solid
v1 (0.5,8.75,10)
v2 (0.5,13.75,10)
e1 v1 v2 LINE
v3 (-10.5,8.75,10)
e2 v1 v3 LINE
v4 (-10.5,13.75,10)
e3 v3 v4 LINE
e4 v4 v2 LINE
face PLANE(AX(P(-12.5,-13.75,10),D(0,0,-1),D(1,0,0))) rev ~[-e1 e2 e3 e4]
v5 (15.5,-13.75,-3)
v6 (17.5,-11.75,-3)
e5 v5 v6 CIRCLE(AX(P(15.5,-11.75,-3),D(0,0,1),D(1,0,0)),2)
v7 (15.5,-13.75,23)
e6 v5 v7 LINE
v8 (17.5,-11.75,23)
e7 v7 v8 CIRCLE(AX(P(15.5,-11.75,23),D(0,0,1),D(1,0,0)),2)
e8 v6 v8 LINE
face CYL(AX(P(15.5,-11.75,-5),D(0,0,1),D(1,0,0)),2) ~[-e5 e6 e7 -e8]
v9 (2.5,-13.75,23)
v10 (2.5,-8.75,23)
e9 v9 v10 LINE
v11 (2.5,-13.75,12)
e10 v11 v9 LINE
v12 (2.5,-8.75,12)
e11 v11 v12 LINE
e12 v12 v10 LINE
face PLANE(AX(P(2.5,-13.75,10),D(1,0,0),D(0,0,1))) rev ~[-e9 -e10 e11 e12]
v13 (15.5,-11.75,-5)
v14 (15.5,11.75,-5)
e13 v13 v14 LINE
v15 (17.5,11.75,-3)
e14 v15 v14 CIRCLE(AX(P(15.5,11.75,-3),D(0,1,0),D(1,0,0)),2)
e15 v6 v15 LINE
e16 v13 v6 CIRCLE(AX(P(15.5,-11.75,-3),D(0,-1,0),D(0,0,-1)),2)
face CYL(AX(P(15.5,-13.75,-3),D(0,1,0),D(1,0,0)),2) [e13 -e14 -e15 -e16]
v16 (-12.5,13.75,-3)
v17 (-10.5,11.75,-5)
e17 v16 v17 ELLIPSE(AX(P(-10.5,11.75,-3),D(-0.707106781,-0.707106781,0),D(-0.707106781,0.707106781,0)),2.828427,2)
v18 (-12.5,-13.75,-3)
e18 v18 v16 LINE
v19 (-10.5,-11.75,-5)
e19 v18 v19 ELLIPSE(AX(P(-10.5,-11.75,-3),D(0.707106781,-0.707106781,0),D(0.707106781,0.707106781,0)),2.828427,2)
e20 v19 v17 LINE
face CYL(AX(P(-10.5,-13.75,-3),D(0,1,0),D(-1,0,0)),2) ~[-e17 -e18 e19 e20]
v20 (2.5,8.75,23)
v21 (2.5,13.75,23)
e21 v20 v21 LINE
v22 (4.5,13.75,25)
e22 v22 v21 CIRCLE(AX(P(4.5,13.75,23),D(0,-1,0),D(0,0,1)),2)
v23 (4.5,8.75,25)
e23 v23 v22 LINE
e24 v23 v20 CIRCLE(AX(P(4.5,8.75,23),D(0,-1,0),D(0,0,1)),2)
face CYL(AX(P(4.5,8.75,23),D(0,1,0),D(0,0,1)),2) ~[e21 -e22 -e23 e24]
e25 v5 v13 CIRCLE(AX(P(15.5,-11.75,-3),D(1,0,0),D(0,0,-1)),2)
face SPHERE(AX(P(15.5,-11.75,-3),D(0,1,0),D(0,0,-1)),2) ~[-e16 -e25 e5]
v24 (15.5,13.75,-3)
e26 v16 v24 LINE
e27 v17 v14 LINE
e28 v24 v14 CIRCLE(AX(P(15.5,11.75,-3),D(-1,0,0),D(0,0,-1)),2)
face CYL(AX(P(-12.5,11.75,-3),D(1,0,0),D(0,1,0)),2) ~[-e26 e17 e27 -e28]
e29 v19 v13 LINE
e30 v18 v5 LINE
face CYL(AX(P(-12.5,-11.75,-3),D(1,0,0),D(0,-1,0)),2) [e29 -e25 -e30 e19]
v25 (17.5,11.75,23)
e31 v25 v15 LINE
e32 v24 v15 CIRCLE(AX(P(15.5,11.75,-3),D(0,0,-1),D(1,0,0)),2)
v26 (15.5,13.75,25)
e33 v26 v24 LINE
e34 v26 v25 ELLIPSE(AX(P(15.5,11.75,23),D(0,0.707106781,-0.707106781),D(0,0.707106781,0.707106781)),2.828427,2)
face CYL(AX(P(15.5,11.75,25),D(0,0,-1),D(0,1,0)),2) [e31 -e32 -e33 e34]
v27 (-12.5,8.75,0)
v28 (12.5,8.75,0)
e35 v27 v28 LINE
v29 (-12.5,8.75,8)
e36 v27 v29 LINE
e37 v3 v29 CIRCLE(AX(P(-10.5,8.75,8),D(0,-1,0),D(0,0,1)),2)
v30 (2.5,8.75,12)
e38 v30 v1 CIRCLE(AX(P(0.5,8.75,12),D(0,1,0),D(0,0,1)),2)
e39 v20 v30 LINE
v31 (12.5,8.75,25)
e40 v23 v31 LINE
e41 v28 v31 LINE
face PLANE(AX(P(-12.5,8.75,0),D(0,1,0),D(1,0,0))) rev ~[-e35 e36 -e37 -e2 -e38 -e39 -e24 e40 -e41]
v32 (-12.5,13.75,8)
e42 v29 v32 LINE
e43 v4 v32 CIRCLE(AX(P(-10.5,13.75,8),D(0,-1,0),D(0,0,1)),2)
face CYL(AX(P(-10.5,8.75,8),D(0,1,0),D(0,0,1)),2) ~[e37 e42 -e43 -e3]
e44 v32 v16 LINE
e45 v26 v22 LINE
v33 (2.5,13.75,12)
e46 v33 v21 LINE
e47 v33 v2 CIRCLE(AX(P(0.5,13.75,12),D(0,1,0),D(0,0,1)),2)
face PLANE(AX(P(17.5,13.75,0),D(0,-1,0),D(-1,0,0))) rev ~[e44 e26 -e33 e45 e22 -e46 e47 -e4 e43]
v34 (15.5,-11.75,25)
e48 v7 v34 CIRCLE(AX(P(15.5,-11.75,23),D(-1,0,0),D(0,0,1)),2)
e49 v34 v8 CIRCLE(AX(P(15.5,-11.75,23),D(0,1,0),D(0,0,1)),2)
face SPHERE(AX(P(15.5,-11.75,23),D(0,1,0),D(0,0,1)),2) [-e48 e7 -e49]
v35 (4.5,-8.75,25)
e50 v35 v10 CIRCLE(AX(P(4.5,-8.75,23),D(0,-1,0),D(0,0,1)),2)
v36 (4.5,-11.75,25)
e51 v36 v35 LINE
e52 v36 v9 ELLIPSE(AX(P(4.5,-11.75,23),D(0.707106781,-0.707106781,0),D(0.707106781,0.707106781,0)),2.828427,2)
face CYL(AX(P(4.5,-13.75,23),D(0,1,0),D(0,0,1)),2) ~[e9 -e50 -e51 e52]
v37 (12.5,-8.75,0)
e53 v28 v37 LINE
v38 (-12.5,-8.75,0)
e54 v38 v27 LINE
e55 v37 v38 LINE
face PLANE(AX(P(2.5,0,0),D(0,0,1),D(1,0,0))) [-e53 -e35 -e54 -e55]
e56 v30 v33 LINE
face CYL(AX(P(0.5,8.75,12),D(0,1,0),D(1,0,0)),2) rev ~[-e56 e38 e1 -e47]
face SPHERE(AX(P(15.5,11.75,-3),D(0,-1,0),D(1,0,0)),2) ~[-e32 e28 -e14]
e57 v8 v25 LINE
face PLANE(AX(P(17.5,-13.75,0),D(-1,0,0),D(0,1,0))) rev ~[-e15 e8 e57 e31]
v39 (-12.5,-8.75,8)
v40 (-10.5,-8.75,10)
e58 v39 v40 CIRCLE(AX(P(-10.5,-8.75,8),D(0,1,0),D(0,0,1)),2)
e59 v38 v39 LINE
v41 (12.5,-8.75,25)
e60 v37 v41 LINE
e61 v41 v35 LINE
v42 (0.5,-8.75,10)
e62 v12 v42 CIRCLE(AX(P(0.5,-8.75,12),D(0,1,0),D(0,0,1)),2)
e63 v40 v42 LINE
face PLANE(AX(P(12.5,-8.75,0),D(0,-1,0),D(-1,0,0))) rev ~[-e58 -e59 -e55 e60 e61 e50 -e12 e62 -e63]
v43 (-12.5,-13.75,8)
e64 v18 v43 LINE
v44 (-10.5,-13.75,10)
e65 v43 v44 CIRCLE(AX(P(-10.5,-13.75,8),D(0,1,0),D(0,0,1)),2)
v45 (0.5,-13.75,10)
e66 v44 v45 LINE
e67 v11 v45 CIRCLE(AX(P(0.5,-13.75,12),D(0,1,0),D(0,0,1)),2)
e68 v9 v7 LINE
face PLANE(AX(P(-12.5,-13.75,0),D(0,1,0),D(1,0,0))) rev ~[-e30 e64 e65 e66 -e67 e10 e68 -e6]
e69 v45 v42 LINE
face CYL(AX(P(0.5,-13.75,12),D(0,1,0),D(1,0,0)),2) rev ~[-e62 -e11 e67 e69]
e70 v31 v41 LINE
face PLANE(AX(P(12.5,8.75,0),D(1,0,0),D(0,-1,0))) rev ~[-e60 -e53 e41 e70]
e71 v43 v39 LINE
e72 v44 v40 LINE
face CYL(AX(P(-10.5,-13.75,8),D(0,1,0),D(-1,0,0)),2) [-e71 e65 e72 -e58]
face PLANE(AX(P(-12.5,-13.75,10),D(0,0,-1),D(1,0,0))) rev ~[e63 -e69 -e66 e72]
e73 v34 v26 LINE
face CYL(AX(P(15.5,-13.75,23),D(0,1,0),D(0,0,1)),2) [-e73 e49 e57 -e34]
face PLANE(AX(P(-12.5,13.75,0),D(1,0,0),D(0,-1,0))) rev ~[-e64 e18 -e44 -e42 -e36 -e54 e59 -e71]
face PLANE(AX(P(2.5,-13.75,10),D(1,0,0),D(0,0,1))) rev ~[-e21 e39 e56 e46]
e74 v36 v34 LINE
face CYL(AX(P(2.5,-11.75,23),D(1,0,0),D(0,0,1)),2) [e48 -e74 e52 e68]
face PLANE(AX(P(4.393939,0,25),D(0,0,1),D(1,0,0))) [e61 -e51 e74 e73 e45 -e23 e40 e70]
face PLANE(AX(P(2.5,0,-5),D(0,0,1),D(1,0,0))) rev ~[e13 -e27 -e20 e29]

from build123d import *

# Parameters (mm, degrees)
SKETCH_W     = 30
SKETCH_H     = 27.5
PAD_DEPTH    = 5
PAD001_DEPTH = 25
SKETCH002_W  = 15
SKETCH002_H  = 15
POCKET_DEPTH = 27.5
FILLET_R     = 2


with BuildPart() as part:
    # Sketch → Pad (new body)
    with BuildSketch(Plane.XY):
        with Locations((2.5, 0)):
            Rectangle(SKETCH_W, SKETCH_H)
    extrude(amount=-PAD_DEPTH)

    # Sketch001 → Pad001 (join)
    with BuildSketch(Plane.XY):
        Polygon((-12.5, 8.75), (12.5, 8.75), (12.5, -8.75), (-12.5, -8.75), (-12.5, -13.75), (17.5, -13.75), (17.5, 13.75), (-12.5, 13.75), align=None)
    extrude(amount=PAD001_DEPTH)

    # Sketch002 (on Face2 of Pad001) → Pocket (cut)
    with BuildSketch(Plane.XZ.offset(13.75)):
        with Locations((-5, 17.5)):
            Rectangle(SKETCH002_W, SKETCH002_H)
    extrude(amount=-POCKET_DEPTH, mode=Mode.SUBTRACT)

    # Fillet
    fillet_edges = [part.edges().sort_by_distance(p)[0] for p in [
        (2.5, 11.25, 25),
        (2.5, 11.25, 10),
        (-12.5, 11.25, 10),
        (2.5, -11.25, 25),
        (2.5, -11.25, 10),
        (-12.5, -11.25, 10),
        (17.5, 0, 25),
        (-12.5, 0, -5),
        (17.5, 0, -5),
        (17.5, 13.75, 10),
        (2.5, 13.75, -5),
        (10, -13.75, 25),
        (2.5, -13.75, -5),
        (17.5, -13.75, 10),
    ]]
    fillet(fillet_edges, radius=FILLET_R)


solid = part.part
